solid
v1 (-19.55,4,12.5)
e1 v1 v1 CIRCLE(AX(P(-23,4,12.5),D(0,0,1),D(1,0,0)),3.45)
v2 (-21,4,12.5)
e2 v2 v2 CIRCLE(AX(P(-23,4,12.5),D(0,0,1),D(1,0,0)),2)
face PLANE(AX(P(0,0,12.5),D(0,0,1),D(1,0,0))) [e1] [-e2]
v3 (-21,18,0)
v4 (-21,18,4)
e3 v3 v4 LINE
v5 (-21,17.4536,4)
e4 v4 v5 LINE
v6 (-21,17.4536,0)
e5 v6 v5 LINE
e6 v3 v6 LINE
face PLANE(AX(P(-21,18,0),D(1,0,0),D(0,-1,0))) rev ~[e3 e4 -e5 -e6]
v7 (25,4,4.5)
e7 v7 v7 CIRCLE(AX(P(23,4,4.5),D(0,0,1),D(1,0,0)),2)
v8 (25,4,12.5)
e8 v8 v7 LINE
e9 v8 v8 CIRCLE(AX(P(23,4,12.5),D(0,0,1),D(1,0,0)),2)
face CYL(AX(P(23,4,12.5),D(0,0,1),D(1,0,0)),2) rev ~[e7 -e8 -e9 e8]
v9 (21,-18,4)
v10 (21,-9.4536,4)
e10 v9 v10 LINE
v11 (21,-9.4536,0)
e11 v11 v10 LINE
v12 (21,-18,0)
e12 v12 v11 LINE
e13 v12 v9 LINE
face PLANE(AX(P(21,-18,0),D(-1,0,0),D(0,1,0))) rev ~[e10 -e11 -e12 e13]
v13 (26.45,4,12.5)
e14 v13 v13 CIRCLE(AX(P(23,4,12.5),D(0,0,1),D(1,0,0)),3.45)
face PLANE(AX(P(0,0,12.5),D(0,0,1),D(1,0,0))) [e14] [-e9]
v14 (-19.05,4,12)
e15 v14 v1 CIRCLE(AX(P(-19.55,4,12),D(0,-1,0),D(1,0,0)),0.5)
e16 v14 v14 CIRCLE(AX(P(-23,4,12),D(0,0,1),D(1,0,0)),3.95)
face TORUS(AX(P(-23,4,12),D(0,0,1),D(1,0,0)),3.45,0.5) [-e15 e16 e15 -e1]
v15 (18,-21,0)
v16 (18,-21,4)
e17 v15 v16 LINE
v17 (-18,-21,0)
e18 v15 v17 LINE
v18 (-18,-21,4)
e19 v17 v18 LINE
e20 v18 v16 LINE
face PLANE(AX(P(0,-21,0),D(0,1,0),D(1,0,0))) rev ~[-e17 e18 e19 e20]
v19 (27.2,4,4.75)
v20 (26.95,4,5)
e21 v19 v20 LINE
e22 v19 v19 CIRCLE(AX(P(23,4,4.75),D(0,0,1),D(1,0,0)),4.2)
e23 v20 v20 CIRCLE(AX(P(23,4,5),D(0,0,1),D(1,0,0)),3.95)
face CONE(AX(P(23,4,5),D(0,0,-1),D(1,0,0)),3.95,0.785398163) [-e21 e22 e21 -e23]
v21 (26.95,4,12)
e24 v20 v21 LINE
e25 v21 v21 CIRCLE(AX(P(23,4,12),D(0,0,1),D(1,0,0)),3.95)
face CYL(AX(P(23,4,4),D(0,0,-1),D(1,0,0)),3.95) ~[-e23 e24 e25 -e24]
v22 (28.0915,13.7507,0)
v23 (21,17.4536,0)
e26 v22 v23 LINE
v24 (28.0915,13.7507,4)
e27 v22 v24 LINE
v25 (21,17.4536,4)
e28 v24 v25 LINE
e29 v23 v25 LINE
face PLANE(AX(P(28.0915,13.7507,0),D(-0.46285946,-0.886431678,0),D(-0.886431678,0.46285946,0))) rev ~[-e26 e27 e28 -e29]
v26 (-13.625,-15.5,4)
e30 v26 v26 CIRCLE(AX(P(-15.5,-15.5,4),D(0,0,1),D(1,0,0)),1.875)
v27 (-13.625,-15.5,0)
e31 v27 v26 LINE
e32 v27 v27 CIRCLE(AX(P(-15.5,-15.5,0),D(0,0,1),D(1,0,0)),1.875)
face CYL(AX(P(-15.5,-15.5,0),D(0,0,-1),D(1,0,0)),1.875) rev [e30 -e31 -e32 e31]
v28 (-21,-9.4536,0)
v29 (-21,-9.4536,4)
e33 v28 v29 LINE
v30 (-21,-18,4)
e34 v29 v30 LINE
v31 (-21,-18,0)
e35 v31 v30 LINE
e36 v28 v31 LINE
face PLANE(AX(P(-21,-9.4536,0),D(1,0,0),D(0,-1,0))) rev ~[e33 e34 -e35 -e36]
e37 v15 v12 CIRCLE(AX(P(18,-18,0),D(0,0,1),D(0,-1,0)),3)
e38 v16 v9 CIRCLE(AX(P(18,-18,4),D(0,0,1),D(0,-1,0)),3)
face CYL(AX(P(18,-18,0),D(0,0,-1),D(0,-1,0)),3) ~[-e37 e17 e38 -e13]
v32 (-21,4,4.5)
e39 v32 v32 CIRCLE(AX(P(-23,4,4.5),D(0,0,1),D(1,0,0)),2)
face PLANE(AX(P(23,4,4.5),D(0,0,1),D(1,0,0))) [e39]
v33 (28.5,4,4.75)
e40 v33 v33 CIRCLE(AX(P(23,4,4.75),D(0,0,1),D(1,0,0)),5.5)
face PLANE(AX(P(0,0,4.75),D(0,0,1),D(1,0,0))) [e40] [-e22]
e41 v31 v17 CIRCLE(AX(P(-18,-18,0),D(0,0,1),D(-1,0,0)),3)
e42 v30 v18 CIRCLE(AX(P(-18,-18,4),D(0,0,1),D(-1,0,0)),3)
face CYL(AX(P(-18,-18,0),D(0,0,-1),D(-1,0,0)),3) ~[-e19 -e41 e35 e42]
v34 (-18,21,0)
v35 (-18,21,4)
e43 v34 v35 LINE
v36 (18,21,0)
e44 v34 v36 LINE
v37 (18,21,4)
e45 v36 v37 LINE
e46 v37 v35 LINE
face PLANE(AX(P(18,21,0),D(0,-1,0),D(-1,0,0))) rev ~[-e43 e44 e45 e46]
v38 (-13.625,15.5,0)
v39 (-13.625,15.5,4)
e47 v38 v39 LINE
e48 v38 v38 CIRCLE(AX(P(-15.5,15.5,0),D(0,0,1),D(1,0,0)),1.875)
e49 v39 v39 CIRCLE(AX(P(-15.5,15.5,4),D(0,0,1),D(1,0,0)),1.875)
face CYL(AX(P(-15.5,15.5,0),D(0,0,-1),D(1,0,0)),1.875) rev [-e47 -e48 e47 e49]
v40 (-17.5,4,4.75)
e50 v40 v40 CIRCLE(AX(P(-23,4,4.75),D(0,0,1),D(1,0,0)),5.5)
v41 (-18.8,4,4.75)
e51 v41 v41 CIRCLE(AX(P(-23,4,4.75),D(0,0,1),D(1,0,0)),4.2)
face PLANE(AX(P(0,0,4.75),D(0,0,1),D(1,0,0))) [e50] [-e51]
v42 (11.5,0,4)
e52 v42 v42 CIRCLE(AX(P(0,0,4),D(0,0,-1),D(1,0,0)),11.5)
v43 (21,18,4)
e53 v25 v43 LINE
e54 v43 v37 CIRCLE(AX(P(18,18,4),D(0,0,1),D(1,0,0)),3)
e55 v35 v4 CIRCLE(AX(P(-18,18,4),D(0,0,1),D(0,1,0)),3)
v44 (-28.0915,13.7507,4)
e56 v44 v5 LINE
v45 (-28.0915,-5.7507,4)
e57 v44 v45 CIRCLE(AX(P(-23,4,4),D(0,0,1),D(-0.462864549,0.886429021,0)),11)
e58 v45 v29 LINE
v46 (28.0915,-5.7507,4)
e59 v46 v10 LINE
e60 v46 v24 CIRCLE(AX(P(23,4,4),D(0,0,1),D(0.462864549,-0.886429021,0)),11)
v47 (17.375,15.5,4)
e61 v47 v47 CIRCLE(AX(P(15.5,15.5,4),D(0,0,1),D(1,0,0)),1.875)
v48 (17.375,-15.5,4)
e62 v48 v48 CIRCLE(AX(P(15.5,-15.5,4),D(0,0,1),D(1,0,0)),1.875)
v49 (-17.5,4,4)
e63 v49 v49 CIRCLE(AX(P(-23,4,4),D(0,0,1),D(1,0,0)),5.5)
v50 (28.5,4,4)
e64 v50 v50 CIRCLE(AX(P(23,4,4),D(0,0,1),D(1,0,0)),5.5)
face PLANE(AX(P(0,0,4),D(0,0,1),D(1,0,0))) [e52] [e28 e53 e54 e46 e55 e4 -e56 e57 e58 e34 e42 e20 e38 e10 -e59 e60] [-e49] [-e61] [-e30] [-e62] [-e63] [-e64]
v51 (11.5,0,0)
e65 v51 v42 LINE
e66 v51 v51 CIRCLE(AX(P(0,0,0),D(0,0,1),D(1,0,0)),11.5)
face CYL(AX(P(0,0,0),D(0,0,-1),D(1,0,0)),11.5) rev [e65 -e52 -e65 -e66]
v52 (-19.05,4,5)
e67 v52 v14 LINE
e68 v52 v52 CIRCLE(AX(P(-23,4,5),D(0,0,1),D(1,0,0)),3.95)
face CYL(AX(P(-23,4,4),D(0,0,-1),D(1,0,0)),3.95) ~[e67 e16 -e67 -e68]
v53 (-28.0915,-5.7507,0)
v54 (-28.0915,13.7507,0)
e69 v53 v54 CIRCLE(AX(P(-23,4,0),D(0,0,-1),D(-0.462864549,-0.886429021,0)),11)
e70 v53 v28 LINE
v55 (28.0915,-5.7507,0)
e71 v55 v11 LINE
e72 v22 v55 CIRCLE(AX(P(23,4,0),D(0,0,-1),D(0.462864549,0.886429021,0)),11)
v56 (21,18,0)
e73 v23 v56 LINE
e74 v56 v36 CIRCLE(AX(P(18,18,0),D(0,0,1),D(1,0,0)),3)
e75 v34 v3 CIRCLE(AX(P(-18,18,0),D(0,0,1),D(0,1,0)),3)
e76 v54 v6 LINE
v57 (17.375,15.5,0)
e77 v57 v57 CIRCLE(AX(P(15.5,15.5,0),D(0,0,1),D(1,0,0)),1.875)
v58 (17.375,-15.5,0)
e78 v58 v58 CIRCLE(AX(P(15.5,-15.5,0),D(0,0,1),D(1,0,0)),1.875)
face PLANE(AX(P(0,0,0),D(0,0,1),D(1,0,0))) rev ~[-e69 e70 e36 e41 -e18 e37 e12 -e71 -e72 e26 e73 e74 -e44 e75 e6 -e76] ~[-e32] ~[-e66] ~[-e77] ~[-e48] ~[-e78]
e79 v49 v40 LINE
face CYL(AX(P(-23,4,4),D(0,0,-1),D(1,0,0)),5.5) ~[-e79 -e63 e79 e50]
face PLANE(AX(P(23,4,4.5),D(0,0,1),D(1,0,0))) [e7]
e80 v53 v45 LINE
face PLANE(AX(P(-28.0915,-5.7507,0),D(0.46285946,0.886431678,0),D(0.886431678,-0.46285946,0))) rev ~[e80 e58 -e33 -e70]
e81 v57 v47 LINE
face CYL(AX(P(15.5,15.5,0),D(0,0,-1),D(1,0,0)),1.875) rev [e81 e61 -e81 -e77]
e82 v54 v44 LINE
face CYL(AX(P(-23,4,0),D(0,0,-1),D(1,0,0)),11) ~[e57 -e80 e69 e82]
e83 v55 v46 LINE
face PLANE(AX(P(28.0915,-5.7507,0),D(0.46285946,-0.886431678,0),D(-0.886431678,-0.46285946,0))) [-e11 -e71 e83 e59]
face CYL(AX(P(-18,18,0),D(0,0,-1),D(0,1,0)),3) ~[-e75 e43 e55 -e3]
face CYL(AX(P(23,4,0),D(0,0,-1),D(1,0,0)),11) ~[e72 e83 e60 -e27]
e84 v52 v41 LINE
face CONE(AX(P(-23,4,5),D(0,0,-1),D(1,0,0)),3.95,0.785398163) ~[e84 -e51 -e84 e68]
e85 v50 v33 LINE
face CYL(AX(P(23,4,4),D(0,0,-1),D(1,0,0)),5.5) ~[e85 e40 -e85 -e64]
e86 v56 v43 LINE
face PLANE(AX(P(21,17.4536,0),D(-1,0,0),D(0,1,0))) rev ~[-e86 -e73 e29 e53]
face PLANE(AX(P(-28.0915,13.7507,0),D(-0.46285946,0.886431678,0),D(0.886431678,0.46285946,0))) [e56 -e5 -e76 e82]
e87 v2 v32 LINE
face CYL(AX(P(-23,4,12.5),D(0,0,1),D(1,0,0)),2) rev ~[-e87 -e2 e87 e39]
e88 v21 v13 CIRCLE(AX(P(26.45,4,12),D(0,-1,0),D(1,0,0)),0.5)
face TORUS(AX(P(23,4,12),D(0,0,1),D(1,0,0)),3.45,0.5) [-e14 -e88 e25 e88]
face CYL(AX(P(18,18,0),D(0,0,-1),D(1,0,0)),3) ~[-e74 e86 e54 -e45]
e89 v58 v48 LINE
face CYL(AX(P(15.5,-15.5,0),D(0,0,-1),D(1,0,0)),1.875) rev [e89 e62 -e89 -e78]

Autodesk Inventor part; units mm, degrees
ref_plane "YZ Plane" through (0, 0, 0) normal (1, 0, 0) x (0, 1, 0)
ref_plane "XZ Plane" through (0, 0, 0) normal (0, 1, 0) x (-1, 0, 0)
ref_plane "XY Plane" through (0, 0, 0) normal (0, 0, 1) x (1, 0, 0)
sketch "Sketch1" plane through (0, 0, 0) normal (0, 0, 1) x (1, 0, 0)
  circle A0 centre (0, 0) radius 11.5
  line L0 (-18, -21) -> (18, -21)
  line L1 (21, -18) -> (21, 18)
  line L2 (18, 21) -> (-18, 21)
  line L3 (-21, 18) -> (-21, -18)
  line L4 (-21, -21) -> (21, 21) construction
  line L5 (21, -21) -> (-21, 21) construction
  circle A1 centre (-15.5, 15.5) radius 1.875
  circle A2 centre (15.5, 15.5) radius 1.875
  circle A3 centre (15.5, -15.5) radius 1.875
  circle A4 centre (-15.5, -15.5) radius 1.875
  line L6 (-15.5, 15.5) -> (15.5, 15.5) construction
  line L7 (15.5, 15.5) -> (15.5, -15.5) construction
  line L8 (15.5, -15.5) -> (-15.5, -15.5) construction
  line L9 (-15.5, 15.5) -> (-15.5, -15.5) construction
  line L10 (-15.5, 15.5) -> (15.5, -15.5) construction
  line L11 (15.5, 15.5) -> (0, 0) construction
  circle A5 centre (-23, 4) radius 3.95
  circle A6 centre (23, 4) radius 3.95
  circle A7 centre (-23, 4) radius 11
  circle A8 centre (23, 4) radius 11
  line L12 (0, 126.4593) -> (0, -125.5407) projected
  line L13 (-111.8366, 0) -> (126.1634, 0) projected
  circle A9 centre (-48.8366, 35.9593) radius 2.0625 projected
  circle A10 centre (-57.8366, 80.4593) radius 2.0625 projected
  circle A11 centre (-66.8366, 35.9593) radius 2.0625 projected
  circle A12 centre (-66.8366, 60.9593) radius 2.0625 projected
  circle A13 centre (-48.8366, 60.9593) radius 2.0625 projected
  circle A14 centre (63.1634, 35.9593) radius 2.0625 projected
  circle A15 centre (72.1634, 80.4593) radius 2.0625 projected
  circle A16 centre (81.1634, 35.9593) radius 2.0625 projected
  circle A17 centre (81.1634, 60.9593) radius 2.0625 projected
  circle A18 centre (63.1634, 60.9593) radius 2.0625 projected
  circle A19 centre (-48.8366, -35.0407) radius 2.0625 projected
  circle A20 centre (-57.8366, -79.5407) radius 2.0625 projected
  circle A21 centre (-66.8366, -35.0407) radius 2.0625 projected
  circle A22 centre (-66.8366, -60.0407) radius 2.0625 projected
  circle A23 centre (-48.8366, -60.0407) radius 2.0625 projected
  circle A24 centre (63.1634, -35.0407) radius 2.0625 projected
  circle A25 centre (63.1634, -60.0407) radius 2.0625 projected
  circle A26 centre (81.1634, -60.0407) radius 2.0625 projected
  circle A27 centre (81.1634, -35.0407) radius 2.0625 projected
  circle A28 centre (72.1634, -79.5407) radius 2.0625 projected
  line L14 (92.1634, -89.5407) -> (92.1634, 90.4593) projected
  line L15 (92.1634, 90.4593) -> (-77.8366, 90.4593) projected
  line L16 (-77.8366, 90.4593) -> (-77.8366, -89.5407) projected
  line L17 (-77.8366, -89.5407) -> (92.1634, -89.5407) projected
  circle A29 centre (-48.8366, 35.9593) radius 2.0625 projected
  circle A30 centre (-57.8366, 80.4593) radius 2.0625 projected
  circle A31 centre (-66.8366, 35.9593) radius 2.0625 projected
  circle A32 centre (-66.8366, 60.9593) radius 2.0625 projected
  circle A33 centre (-48.8366, 60.9593) radius 2.0625 projected
  circle A34 centre (63.1634, 35.9593) radius 2.0625 projected
  circle A35 centre (72.1634, 80.4593) radius 2.0625 projected
  circle A36 centre (81.1634, 35.9593) radius 2.0625 projected
  circle A37 centre (81.1634, 60.9593) radius 2.0625 projected
  circle A38 centre (63.1634, 60.9593) radius 2.0625 projected
  circle A39 centre (-48.8366, -35.0407) radius 2.0625 projected
  circle A40 centre (-57.8366, -79.5407) radius 2.0625 projected
  circle A41 centre (-66.8366, -35.0407) radius 2.0625 projected
  circle A42 centre (-66.8366, -60.0407) radius 2.0625 projected
  circle A43 centre (-48.8366, -60.0407) radius 2.0625 projected
  circle A44 centre (63.1634, -35.0407) radius 2.0625 projected
  circle A45 centre (63.1634, -60.0407) radius 2.0625 projected
  circle A46 centre (81.1634, -60.0407) radius 2.0625 projected
  circle A47 centre (81.1634, -35.0407) radius 2.0625 projected
  circle A48 centre (72.1634, -79.5407) radius 2.0625 projected
  line L18 (92.1634, -89.5407) -> (92.1634, 90.4593) projected
  line L19 (92.1634, 90.4593) -> (-77.8366, 90.4593) projected
  line L20 (-77.8366, 90.4593) -> (-77.8366, -89.5407) projected
  line L21 (-77.8366, -89.5407) -> (92.1634, -89.5407) projected
  arc A49 (-18, 21) -> (-21, 18) centre (-18, 18) ccw
  arc A50 (21, 18) -> (18, 21) centre (18, 18) ccw
  arc A51 (18, -21) -> (21, -18) centre (18, -18) ccw
  arc A52 (-21, -18) -> (-18, -21) centre (-18, -18) ccw
  line L22 (-28.0915, -5.7507) -> (-21, -9.4536)
  line L23 (-28.0915, 13.7507) -> (-21, 17.4536)
  line L24 (28.0915, -5.7507) -> (21, -9.4536)
  line L25 (28.0915, 13.7507) -> (21, 17.4536)
  circle A53 centre (-23, 4) radius 5.5
  circle A54 centre (23, 4) radius 5.5
  dimension "d0" = 23
  dimension "d1" = 3.75
  dimension "d2" = 31
  dimension "d3" = 31
  dimension "d4" = 22
  dimension "d5" = 42
  dimension "d6" = 42
  dimension "d7" = 23
  dimension "d8" = 4
  dimension "d9" = 7.9
  dimension "d10" = 3
  dimension "d11" = 8
  dimension "d12" = 11
extrude "Extrusion1" add sketch "Sketch1" along normal blind 4 contours L13 A8 L1 A51 L0 L12 A0 | A0 L12 L2 A50 L1 A8 L13 | A0 L13 A7 L3 A49 L2 L12 | L12 L0 A52 L3 A7 L13 A0 | L13 A54 L1 A8 | A8 L1 A54 L13 | A8 L13 A54 L1 | L1 L25 A8 | A8 L24 L1 | L1 A54 L13 A8 | A54 L1 A6 L13 | L13 L1 A54 | L13 A53 L3 A7 | A7 L3 A53 L13 | A54 L13 L1 A6 | L1 L13 A54 | A7 L13 A53 L3 | L3 L22 A7 | A53 L3 L13 | L13 L3 A5 A53 | A6 L1 | L1 A6 | A53 L13 L3 | A7 L23 L3 | L3 A53 L13 A7 | L13 A53 L3 A5 | A5 L3 | L3 A5
sketch "Sketch2" plane through (0, 0, 4) normal (0, 0, 1) x (1, 0, 0)
  circle A0 centre (0, 0) radius 11.5 projected
  circle A1 centre (-15.5, -15.5) radius 1.875 projected
  circle A2 centre (15.5, -15.5) radius 1.875 projected
  circle A3 centre (15.5, 15.5) radius 1.875 projected
  circle A4 centre (-15.5, 15.5) radius 1.875 projected
  line L0 (28.0915, 13.7507) -> (21, 17.4536) projected
  line L1 (21, 17.4536) -> (21, 18) projected
  arc A5 (21, 18) -> (18, 21) centre (18, 18) ccw projected
  line L2 (18, 21) -> (-18, 21) projected
  arc A6 (-18, 21) -> (-21, 18) centre (-18, 18) ccw projected
  line L3 (-21, 18) -> (-21, 17.4536) projected
  line L4 (-21, 17.4536) -> (-28.0915, 13.7507) projected
  arc A7 (-28.0915, 13.7507) -> (-28.0915, -5.7507) centre (-23, 4) ccw projected
  line L5 (-28.0915, -5.7507) -> (-21, -9.4536) projected
  line L6 (-21, -9.4536) -> (-21, -18) projected
  arc A8 (-21, -18) -> (-18, -21) centre (-18, -18) ccw projected
  line L7 (-18, -21) -> (18, -21) projected
  arc A9 (18, -21) -> (21, -18) centre (18, -18) ccw projected
  line L8 (21, -18) -> (21, -9.4536) projected
  line L9 (21, -9.4536) -> (28.0915, -5.7507) projected
  arc A10 (28.0915, -5.7507) -> (28.0915, 13.7507) centre (23, 4) ccw projected
  circle A11 centre (23, 4) radius 5.5
  circle A12 centre (-23, 4) radius 5.5
  circle A13 centre (23, 4) radius 3.95
  circle A14 centre (-23, 4) radius 3.95
  dimension "d15" = 11
  dimension "d16" = 7.9
  dimension "d17" = 7.9
  dimension "d18" = 11
extrude "Extrusion2" add sketch "Sketch2" along normal blind 8.5 contours A13 | A14
extrude "Extrusion3" add sketch "Sketch2" along normal blind 0.75 contours A11 | A12
fillet "Fillet1" radius 0.5 2 edges at (19.05, 4, 12.5) (-26.95, 4, 12.5)
sketch "Sketch3" plane through (23, 4, 12.5) normal (0, 0, 1) x (1, 0, 0)
  circle A0 centre (0, 0) radius 3.45 projected
  circle A1 centre (-46, 0) radius 3.45 projected
  circle A2 centre (0, 0) radius 2
  circle A3 centre (-46, 0) radius 2
  point P0 (-23, -4)
  dimension "d24" = 4
extrude "Extrusion4" cut sketch "Sketch3" against normal blind 8 contours A2 | A3
chamfer "Chamfer1" distance 0.25 angle 45 1 edges at (-26.95, 4, 4.75)
chamfer "Chamfer2" distance 0.25 angle 45 1 edges at (19.05, 4, 4.75)
properties part number "Stepper Atachments"
